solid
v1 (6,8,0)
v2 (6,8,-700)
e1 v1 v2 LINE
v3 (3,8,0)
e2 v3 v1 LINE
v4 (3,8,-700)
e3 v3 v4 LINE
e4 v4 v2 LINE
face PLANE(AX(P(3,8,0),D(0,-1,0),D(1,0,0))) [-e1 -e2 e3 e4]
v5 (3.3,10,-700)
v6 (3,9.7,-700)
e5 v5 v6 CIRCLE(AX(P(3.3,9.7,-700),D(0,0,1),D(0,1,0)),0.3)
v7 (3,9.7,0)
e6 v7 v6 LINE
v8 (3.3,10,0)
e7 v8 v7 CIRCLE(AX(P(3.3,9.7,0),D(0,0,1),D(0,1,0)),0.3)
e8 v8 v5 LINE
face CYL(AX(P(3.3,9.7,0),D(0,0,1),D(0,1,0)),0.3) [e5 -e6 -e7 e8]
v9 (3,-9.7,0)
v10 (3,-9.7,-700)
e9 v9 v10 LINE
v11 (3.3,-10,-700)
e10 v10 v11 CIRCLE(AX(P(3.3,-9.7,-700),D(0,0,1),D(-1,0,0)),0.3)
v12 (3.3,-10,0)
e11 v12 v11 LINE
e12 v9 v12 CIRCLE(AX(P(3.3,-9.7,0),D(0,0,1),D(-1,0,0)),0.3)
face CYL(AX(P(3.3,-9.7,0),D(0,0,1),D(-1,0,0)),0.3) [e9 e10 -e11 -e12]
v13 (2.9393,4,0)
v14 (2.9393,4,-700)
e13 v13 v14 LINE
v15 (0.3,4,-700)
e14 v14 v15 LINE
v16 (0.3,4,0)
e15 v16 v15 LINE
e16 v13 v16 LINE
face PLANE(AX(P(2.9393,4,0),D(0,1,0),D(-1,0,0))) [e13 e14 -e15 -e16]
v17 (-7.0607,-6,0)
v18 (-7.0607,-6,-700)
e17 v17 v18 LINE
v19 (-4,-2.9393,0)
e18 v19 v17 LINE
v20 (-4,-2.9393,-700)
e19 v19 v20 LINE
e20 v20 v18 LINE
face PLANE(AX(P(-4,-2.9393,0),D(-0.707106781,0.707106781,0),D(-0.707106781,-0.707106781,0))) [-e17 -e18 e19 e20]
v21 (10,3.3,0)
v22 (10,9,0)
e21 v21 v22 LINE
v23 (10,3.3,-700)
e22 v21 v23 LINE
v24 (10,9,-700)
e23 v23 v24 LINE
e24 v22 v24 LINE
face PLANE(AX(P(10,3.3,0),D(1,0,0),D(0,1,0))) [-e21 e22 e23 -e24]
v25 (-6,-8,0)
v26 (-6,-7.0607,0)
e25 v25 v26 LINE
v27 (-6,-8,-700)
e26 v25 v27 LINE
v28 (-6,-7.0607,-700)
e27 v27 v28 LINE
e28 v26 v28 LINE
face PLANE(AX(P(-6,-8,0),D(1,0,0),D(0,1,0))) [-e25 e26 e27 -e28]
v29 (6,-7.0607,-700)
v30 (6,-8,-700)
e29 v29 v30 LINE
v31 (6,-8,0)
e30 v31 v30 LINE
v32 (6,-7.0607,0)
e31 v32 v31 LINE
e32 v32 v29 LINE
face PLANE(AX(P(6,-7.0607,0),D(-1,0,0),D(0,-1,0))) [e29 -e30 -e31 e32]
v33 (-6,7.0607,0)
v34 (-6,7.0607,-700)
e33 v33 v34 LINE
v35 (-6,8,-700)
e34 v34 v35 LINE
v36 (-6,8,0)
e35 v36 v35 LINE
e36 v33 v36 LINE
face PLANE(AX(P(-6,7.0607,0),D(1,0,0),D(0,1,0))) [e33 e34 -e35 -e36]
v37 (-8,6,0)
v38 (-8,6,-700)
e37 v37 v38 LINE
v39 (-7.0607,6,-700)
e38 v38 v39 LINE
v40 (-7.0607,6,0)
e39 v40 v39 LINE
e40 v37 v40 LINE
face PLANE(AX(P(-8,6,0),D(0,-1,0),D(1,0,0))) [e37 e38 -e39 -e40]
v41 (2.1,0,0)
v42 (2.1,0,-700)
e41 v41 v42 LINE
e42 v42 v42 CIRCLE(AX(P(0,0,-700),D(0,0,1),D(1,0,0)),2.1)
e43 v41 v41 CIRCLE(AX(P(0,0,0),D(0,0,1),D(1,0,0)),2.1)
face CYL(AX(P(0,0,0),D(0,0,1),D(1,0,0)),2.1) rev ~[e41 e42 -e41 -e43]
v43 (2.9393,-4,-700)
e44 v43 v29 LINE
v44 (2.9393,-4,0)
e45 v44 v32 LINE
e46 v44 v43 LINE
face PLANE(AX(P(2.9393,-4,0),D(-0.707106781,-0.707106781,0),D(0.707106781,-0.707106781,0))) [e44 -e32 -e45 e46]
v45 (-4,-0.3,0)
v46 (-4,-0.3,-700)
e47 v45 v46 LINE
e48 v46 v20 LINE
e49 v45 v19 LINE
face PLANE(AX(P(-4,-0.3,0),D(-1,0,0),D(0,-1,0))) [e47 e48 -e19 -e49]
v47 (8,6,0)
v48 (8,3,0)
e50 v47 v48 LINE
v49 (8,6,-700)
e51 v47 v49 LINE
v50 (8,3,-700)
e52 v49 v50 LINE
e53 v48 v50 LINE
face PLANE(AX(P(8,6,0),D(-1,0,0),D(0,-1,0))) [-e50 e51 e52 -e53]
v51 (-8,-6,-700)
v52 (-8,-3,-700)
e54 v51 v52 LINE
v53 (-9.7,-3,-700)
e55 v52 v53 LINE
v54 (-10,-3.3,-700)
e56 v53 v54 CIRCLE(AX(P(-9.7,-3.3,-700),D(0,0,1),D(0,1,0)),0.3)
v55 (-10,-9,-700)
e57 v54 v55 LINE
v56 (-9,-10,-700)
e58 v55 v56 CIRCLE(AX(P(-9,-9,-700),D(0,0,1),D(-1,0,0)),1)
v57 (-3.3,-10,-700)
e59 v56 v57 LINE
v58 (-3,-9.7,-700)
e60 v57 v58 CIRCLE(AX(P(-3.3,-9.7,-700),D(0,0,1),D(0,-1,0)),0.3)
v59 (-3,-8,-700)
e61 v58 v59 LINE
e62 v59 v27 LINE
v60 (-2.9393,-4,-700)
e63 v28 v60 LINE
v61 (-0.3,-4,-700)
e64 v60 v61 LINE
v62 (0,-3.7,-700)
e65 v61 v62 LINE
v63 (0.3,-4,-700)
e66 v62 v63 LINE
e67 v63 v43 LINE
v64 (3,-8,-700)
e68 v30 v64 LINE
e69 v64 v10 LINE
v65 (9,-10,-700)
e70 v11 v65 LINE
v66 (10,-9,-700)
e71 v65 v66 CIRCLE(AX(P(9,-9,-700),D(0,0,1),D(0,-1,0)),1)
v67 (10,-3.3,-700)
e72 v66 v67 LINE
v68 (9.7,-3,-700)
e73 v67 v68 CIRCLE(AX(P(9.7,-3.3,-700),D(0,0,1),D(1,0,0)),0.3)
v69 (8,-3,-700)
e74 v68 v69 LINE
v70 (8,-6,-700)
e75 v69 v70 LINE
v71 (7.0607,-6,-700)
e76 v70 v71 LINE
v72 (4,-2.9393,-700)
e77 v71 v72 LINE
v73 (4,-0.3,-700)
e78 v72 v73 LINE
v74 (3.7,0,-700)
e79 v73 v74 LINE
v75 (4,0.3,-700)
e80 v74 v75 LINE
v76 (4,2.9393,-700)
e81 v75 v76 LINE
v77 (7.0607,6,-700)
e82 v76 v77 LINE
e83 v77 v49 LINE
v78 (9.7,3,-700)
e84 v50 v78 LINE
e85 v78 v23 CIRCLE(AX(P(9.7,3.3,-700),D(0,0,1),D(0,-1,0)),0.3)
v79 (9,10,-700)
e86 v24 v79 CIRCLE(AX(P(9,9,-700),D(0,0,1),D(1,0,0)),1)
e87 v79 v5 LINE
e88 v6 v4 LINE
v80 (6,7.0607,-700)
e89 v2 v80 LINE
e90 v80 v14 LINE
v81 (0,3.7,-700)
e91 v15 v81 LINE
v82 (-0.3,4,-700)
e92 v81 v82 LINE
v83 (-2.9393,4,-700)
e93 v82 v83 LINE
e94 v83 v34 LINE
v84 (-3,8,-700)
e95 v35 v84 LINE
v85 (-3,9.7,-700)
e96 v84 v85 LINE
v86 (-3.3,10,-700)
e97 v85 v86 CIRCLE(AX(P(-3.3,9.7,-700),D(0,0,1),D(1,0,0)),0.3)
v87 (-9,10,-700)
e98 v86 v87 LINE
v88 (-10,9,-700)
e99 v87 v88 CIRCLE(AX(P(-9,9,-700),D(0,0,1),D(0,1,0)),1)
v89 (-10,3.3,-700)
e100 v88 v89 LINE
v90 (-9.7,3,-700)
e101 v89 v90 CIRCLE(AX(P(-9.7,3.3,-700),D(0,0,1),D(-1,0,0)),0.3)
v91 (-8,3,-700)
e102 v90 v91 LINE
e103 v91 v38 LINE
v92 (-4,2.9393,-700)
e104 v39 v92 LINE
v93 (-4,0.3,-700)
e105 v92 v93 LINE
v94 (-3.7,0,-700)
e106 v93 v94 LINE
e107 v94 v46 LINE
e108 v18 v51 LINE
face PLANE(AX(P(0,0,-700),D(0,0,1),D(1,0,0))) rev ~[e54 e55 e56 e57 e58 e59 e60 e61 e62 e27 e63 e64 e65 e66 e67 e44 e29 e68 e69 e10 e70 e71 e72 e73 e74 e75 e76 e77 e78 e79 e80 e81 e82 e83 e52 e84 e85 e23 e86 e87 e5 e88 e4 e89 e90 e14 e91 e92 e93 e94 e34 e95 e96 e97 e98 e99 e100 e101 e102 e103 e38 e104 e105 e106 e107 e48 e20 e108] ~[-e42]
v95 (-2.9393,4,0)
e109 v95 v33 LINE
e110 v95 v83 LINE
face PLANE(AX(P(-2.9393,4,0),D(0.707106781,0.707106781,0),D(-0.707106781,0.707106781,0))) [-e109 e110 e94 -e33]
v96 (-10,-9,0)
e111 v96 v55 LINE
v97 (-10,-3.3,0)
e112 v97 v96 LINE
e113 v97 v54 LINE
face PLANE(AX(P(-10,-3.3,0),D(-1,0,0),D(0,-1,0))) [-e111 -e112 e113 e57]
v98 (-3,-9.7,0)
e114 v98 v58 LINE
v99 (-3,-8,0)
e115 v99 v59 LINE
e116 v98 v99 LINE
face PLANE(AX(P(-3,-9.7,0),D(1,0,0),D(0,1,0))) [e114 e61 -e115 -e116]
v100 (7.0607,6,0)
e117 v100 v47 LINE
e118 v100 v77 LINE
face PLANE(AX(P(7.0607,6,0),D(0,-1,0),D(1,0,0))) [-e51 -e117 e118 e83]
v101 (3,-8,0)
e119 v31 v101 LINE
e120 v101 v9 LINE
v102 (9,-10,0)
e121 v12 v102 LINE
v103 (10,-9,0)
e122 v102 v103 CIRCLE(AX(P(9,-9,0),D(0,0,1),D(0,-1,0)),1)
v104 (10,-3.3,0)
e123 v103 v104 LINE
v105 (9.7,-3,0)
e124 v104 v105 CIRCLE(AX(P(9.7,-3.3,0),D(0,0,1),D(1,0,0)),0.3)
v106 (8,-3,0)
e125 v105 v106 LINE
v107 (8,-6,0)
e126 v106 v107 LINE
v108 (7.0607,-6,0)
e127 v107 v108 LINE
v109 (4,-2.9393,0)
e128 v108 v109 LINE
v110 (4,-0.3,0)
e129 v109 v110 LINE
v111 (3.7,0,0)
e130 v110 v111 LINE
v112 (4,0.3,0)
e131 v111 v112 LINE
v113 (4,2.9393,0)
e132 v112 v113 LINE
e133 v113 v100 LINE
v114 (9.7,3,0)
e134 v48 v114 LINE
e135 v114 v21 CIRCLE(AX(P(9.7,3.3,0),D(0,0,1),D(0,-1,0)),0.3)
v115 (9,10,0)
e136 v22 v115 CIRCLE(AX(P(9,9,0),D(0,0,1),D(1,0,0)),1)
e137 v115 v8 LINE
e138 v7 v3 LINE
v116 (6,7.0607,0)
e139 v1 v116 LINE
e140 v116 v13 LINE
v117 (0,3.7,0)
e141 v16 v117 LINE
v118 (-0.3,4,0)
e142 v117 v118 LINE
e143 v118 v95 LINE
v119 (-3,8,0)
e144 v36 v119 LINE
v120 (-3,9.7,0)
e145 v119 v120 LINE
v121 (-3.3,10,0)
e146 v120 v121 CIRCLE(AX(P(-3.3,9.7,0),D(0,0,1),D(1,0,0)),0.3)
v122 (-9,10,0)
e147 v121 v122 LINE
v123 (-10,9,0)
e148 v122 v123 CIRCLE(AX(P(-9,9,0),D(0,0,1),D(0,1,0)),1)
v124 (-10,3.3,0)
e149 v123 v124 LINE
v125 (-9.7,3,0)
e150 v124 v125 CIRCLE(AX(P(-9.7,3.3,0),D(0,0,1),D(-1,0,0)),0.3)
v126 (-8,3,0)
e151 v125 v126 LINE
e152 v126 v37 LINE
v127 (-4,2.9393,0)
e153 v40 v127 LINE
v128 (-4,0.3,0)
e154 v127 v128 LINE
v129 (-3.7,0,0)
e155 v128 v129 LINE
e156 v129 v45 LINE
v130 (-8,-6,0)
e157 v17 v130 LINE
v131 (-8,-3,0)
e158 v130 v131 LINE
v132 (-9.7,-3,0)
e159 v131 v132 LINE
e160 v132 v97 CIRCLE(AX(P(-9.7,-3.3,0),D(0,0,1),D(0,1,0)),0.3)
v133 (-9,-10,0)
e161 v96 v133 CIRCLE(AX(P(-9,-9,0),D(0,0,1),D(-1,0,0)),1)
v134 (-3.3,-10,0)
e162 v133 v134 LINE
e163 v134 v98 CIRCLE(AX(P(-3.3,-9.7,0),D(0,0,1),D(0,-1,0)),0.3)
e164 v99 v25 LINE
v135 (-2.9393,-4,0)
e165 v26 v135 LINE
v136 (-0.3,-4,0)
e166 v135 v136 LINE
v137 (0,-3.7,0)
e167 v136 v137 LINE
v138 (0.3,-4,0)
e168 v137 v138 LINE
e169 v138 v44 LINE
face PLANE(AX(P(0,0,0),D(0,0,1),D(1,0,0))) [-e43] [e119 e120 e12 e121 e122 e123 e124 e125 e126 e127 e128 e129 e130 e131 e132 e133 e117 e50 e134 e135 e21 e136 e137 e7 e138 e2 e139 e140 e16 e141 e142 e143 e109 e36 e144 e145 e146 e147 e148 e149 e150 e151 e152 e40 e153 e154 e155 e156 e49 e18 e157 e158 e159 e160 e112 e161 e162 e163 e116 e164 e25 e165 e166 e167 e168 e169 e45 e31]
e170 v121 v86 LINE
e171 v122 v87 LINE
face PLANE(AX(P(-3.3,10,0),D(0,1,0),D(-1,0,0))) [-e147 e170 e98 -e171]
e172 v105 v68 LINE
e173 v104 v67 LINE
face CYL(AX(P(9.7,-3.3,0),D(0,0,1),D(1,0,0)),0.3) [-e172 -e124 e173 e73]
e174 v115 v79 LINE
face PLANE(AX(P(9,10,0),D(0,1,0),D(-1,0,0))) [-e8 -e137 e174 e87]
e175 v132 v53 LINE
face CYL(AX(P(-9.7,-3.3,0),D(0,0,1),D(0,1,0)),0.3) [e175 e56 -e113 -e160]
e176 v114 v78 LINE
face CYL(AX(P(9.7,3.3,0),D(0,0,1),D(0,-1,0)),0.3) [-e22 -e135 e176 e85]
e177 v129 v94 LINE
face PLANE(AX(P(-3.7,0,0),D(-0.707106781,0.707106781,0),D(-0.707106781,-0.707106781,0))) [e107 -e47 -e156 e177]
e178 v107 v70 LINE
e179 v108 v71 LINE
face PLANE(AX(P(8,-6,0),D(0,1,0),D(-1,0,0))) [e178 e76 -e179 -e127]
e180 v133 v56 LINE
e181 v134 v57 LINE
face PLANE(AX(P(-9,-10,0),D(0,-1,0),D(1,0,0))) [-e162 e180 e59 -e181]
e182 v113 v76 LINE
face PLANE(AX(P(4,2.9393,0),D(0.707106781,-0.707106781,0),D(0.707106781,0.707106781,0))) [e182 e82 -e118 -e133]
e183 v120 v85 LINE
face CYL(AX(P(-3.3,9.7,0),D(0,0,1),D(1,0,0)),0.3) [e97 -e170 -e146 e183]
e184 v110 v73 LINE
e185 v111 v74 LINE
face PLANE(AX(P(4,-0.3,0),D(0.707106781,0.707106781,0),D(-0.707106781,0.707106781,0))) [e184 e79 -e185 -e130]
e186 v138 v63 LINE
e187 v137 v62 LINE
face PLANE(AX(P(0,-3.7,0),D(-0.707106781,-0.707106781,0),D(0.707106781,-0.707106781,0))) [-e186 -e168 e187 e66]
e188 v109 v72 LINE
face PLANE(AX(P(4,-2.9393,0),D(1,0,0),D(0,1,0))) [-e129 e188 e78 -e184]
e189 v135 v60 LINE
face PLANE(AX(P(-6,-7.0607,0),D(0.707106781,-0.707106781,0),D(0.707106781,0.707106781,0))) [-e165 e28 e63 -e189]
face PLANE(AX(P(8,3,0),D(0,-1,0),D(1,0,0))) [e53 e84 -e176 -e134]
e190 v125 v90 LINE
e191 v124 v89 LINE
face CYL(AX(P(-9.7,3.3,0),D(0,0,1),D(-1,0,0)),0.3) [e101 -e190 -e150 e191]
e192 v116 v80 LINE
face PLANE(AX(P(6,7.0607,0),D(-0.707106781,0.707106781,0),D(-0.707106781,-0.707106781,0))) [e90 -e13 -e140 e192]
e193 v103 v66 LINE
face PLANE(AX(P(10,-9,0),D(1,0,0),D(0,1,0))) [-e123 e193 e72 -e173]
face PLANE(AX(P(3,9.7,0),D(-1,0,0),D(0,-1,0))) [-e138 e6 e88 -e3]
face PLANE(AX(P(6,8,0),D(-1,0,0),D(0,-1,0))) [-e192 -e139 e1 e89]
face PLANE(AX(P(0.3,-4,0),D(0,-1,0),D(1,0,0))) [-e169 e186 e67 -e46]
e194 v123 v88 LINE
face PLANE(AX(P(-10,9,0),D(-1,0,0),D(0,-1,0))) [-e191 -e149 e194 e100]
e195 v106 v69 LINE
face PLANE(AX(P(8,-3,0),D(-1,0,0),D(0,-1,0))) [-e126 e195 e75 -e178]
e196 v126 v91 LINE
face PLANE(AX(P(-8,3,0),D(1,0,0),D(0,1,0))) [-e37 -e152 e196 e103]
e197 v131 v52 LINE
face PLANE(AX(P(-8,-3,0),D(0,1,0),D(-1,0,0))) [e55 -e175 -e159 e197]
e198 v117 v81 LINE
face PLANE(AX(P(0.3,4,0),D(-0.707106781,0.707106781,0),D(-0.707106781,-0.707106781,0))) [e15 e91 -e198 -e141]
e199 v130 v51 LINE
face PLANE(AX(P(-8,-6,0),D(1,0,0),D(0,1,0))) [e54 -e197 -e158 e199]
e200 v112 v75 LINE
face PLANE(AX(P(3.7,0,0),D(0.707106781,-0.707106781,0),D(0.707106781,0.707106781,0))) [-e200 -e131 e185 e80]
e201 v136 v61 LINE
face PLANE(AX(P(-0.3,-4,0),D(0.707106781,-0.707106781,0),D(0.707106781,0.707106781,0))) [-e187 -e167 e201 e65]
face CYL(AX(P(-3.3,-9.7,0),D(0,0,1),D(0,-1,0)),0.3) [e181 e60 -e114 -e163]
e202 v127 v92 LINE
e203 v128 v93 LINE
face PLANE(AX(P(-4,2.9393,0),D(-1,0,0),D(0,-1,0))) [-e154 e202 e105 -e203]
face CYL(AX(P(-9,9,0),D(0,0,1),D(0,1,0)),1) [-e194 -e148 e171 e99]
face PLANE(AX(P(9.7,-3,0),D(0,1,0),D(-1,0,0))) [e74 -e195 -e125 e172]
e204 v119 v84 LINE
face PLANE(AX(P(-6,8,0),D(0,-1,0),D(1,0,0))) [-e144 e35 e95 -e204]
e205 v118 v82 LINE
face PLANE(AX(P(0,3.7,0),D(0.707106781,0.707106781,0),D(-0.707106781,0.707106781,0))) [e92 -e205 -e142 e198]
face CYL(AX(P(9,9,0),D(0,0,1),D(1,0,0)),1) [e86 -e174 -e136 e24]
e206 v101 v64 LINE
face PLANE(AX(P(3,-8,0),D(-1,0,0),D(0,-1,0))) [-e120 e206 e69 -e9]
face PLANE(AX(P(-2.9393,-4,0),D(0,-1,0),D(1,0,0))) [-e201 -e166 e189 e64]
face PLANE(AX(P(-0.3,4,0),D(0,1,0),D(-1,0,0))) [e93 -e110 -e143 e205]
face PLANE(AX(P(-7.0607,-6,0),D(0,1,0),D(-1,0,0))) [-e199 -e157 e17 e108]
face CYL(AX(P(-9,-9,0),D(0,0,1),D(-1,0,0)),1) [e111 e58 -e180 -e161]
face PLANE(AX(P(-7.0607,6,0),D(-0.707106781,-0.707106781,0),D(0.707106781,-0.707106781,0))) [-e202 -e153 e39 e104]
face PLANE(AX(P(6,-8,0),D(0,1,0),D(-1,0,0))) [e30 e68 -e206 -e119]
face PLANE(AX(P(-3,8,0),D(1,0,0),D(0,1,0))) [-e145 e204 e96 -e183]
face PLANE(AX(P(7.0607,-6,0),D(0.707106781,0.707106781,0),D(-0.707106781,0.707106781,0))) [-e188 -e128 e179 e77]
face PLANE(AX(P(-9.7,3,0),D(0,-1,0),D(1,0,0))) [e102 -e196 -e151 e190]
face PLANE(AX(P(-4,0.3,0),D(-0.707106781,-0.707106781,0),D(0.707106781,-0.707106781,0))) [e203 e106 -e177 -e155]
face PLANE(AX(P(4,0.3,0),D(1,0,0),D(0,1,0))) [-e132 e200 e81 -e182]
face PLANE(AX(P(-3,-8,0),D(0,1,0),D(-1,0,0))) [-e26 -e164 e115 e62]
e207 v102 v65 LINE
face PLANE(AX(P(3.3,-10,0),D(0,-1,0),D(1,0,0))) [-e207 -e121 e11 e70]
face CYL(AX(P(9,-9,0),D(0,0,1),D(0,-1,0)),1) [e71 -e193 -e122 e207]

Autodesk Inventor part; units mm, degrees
ref_plane "YZ Plane" through (0, 0, 0) normal (1, 0, 0) x (0, 1, 0)
ref_plane "XZ Plane" through (0, 0, 0) normal (0, 1, 0) x (-1, 0, 0)
ref_plane "XY Plane" through (0, 0, 0) normal (0, 0, 1) x (1, 0, 0)
sketch "Sketch_5" plane through (0, 0, 0) normal (0, 0, 1) x (1, 0, 0)
  line L0 (-10, 9) -> (-10, 3.3)
  arc A0 (-10, 3.3) -> (-9.7, 3) centre (-9.7, 3.3) ccw
  line L1 (-9.7, 3) -> (-8, 3)
  line L2 (-8, 3) -> (-8, 6)
  line L3 (-8, 6) -> (-7.0607, 6)
  line L4 (-7.0607, 6) -> (-4, 2.9393)
  line L5 (-4, 2.9393) -> (-4, 0.3)
  line L6 (-4, 0.3) -> (-3.7, 0)
  line L7 (-3.7, 0) -> (-4, -0.3)
  line L8 (-4, -0.3) -> (-4, -2.9393)
  line L9 (-4, -2.9393) -> (-7.0607, -6)
  line L10 (-7.0607, -6) -> (-8, -6)
  line L11 (-8, -6) -> (-8, -3)
  line L12 (-8, -3) -> (-9.7, -3)
  arc A1 (-9.7, -3) -> (-10, -3.3) centre (-9.7, -3.3) ccw
  line L13 (-10, -3.3) -> (-10, -9)
  arc A2 (-10, -9) -> (-9, -10) centre (-9, -9) ccw
  line L14 (-9, -10) -> (-3.3, -10)
  arc A3 (-3.3, -10) -> (-3, -9.7) centre (-3.3, -9.7) ccw
  line L15 (-3, -9.7) -> (-3, -8)
  line L16 (-3, -8) -> (-6, -8)
  line L17 (-6, -8) -> (-6, -7.0607)
  line L18 (-6, -7.0607) -> (-2.9393, -4)
  line L19 (-2.9393, -4) -> (-0.3, -4)
  line L20 (-0.3, -4) -> (0, -3.7)
  line L21 (0, -3.7) -> (0.3, -4)
  line L22 (0.3, -4) -> (2.9393, -4)
  line L23 (2.9393, -4) -> (6, -7.0607)
  line L24 (6, -7.0607) -> (6, -8)
  line L25 (6, -8) -> (3, -8)
  line L26 (3, -8) -> (3, -9.7)
  arc A4 (3, -9.7) -> (3.3, -10) centre (3.3, -9.7) ccw
  line L27 (3.3, -10) -> (9, -10)
  arc A5 (9, -10) -> (10, -9) centre (9, -9) ccw
  line L28 (10, -9) -> (10, -3.3)
  arc A6 (10, -3.3) -> (9.7, -3) centre (9.7, -3.3) ccw
  line L29 (9.7, -3) -> (8, -3)
  line L30 (8, -3) -> (8, -6)
  line L31 (8, -6) -> (7.0607, -6)
  line L32 (7.0607, -6) -> (4, -2.9393)
  line L33 (4, -2.9393) -> (4, -0.3)
  line L34 (4, -0.3) -> (3.7, 0)
  line L35 (3.7, 0) -> (4, 0.3)
  line L36 (4, 0.3) -> (4, 2.9393)
  line L37 (4, 2.9393) -> (7.0607, 6)
  line L38 (7.0607, 6) -> (8, 6)
  line L39 (8, 6) -> (8, 3)
  line L40 (8, 3) -> (9.7, 3)
  arc A7 (9.7, 3) -> (10, 3.3) centre (9.7, 3.3) ccw
  line L41 (10, 3.3) -> (10, 9)
  arc A8 (10, 9) -> (9, 10) centre (9, 9) ccw
  line L42 (9, 10) -> (3.3, 10)
  arc A9 (3.3, 10) -> (3, 9.7) centre (3.3, 9.7) ccw
  line L43 (3, 9.7) -> (3, 8)
  line L44 (3, 8) -> (6, 8)
  line L45 (6, 8) -> (6, 7.0607)
  line L46 (6, 7.0607) -> (2.9393, 4)
  line L47 (2.9393, 4) -> (0.3, 4)
  line L48 (0.3, 4) -> (0, 3.7)
  line L49 (0, 3.7) -> (-0.3, 4)
  line L50 (-0.3, 4) -> (-2.9393, 4)
  line L51 (-2.9393, 4) -> (-6, 7.0607)
  line L52 (-6, 7.0607) -> (-6, 8)
  line L53 (-6, 8) -> (-3, 8)
  line L54 (-3, 8) -> (-3, 9.7)
  arc A10 (-3, 9.7) -> (-3.3, 10) centre (-3.3, 9.7) ccw
  line L55 (-3.3, 10) -> (-9, 10)
  arc A11 (-9, 10) -> (-10, 9) centre (-9, 9) ccw
  circle A12 centre (0, 0) radius 2.1
extrude "Extrusion1" add sketch "Sketch_5" against normal blind 700
properties part number "KHFS5-2020-4000"
